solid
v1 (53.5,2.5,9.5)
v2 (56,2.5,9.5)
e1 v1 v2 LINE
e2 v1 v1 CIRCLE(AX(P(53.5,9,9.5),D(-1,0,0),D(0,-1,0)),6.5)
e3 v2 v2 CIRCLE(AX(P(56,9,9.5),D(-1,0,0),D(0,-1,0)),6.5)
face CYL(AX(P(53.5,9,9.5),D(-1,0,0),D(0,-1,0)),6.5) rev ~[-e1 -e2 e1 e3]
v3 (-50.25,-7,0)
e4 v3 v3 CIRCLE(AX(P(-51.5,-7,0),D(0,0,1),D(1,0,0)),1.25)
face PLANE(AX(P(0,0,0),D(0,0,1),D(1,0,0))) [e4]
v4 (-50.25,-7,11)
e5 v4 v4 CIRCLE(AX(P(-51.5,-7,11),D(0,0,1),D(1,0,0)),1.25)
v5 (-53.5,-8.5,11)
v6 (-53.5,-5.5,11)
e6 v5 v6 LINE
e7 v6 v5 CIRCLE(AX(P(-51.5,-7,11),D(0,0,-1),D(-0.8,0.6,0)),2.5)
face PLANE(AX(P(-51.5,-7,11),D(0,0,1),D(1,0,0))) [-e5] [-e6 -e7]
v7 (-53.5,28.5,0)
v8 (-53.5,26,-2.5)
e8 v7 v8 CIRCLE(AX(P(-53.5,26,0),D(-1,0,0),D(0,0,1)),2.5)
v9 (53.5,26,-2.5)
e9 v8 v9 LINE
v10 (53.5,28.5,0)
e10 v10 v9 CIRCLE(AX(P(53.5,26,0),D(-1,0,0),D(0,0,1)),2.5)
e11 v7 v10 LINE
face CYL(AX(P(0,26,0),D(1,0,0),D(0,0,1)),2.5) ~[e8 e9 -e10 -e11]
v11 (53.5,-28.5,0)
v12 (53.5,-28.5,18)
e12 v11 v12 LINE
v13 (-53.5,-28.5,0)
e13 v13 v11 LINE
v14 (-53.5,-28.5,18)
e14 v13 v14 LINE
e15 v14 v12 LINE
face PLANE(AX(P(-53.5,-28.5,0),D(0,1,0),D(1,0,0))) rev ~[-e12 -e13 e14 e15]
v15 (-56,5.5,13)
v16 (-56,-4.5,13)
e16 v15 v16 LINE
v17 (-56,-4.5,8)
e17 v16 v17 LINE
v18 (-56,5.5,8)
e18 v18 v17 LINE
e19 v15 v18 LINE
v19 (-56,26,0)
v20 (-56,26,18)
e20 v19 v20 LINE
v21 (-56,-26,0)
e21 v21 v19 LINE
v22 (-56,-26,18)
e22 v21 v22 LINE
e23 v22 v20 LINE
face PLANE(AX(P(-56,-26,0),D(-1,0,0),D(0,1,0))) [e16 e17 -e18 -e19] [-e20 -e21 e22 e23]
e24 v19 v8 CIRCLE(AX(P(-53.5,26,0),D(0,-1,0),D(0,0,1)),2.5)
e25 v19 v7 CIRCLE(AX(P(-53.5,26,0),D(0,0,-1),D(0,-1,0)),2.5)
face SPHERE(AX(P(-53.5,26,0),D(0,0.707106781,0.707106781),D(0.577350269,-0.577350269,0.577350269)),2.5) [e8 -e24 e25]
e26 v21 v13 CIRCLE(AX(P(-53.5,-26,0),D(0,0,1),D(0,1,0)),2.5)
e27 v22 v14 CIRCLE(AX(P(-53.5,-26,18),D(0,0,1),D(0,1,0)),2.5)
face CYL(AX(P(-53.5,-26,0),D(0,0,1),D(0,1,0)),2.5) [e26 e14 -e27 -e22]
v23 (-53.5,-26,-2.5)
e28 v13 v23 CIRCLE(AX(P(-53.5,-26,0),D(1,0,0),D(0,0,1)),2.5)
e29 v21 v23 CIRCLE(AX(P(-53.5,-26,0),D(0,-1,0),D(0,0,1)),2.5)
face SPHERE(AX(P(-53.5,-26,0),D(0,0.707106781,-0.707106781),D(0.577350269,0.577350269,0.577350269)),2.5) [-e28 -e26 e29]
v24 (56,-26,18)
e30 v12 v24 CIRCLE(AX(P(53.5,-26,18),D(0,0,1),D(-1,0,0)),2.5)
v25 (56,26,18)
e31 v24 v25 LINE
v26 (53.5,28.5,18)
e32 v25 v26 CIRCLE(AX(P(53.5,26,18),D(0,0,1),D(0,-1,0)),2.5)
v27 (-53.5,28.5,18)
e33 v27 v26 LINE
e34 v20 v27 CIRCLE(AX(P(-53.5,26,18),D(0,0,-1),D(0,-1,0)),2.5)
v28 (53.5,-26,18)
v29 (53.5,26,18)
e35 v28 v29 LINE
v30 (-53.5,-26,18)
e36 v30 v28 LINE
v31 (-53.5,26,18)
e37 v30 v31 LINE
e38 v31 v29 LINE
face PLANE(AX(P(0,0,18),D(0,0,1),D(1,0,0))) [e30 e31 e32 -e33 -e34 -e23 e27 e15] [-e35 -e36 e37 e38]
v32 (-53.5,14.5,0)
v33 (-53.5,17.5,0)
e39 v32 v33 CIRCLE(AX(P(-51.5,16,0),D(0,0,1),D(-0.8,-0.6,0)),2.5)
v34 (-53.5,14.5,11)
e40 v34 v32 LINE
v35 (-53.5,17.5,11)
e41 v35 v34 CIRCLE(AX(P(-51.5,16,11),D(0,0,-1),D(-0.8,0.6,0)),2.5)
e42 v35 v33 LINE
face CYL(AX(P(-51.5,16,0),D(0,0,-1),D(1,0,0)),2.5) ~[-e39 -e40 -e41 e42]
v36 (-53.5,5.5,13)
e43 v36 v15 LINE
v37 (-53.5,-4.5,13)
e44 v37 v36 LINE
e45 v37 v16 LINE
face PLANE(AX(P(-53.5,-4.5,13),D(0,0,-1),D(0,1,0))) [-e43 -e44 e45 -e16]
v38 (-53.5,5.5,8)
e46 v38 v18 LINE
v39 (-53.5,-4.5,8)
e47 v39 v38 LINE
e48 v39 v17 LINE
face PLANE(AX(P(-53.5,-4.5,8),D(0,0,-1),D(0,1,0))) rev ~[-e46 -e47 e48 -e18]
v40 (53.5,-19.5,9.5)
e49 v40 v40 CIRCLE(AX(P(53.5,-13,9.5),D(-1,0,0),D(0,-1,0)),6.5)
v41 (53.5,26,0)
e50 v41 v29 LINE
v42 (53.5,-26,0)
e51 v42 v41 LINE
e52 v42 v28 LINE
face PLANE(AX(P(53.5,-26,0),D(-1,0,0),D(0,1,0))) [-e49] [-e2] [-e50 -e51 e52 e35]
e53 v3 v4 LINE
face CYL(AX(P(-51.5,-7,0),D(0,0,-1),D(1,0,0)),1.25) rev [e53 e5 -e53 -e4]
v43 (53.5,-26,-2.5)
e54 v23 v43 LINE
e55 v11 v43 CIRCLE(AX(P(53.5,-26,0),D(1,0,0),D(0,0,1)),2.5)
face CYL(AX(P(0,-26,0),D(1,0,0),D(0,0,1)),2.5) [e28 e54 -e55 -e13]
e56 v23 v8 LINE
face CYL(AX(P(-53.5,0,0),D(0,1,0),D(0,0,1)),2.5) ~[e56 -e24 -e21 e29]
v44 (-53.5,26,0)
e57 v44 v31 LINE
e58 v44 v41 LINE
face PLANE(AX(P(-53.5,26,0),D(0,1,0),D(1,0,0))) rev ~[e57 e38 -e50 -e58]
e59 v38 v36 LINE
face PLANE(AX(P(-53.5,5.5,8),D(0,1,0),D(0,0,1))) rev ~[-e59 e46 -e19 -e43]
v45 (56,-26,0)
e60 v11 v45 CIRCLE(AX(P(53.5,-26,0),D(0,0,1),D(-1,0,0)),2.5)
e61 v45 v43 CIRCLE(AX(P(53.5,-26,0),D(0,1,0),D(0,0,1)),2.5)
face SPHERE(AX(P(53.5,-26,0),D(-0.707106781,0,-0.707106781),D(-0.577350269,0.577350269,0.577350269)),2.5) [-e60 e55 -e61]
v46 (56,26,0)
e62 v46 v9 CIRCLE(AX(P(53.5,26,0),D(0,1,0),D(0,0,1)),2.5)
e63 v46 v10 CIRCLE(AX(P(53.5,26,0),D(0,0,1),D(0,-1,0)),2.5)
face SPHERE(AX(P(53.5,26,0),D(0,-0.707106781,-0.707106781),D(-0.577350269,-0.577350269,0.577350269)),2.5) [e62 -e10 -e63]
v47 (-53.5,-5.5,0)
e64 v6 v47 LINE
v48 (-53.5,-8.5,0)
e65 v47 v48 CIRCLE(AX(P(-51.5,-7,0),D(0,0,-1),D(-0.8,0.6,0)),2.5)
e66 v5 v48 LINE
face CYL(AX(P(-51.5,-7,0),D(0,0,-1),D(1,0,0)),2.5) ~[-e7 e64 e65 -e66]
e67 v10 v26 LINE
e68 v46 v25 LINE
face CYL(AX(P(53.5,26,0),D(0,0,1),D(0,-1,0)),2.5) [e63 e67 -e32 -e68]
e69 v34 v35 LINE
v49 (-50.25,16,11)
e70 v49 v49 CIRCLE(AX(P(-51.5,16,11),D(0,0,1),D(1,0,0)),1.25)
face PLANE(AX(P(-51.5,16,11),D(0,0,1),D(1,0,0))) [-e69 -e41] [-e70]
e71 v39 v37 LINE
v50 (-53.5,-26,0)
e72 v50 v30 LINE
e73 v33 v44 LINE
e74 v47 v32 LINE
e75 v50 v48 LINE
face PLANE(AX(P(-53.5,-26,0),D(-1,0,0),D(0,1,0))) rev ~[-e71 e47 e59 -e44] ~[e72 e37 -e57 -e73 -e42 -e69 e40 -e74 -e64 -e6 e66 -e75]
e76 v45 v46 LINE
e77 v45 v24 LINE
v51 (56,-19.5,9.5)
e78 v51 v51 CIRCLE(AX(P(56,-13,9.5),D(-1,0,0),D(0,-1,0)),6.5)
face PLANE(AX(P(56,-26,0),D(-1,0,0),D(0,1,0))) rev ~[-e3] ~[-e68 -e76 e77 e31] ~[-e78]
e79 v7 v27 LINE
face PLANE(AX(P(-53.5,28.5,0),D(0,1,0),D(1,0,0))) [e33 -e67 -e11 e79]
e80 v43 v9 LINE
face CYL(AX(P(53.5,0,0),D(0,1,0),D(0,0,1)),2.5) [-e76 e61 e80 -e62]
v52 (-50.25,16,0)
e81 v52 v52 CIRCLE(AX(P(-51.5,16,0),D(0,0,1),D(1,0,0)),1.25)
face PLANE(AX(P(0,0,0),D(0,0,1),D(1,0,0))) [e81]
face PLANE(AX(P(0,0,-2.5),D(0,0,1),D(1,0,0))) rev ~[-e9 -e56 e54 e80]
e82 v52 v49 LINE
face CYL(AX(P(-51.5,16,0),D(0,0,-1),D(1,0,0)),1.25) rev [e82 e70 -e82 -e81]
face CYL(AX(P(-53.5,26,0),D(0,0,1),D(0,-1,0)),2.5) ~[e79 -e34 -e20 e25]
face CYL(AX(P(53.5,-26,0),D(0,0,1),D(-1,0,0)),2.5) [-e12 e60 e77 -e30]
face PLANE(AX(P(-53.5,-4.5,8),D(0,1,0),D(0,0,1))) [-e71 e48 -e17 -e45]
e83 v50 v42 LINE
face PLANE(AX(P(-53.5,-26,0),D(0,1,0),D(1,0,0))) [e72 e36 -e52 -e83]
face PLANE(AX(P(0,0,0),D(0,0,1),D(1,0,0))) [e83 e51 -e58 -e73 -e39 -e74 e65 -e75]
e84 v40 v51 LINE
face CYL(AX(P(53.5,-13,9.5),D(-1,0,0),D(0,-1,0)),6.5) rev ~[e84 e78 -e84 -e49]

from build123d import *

# Parameters (mm, degrees)
SKETCH_W        = 107
SKETCH_H        = 52
PAD_DEPTH       = 18
THICKNESS_T     = 2.5
SKETCH001_R     = 6.5
POCKET_DEPTH    = 5
SKETCH002_W     = 10
SKETCH002_H     = 5
POCKET001_DEPTH = 5
SKETCH003_R     = 2.5
SKETCH003_R_2   = 1.25
PAD001_DEPTH    = 11


with BuildPart() as part:
    # Sketch → Pad (new body)
    with BuildSketch(Plane.XY):
        Rectangle(SKETCH_W, SKETCH_H)
    extrude(amount=PAD_DEPTH)

    # Thickness
    thickness_openings = [part.faces().sort_by_distance(p)[0] for p in [
        (0, 0, 18),
    ]]
    offset(amount=THICKNESS_T, openings=thickness_openings)

    # Sketch001 (on DatumPlane) → Pocket (cut)
    with BuildSketch(Plane(origin=(53.5, 0, 0), x_dir=(0, -1, 0), z_dir=(-1, 0, 0))):
        with Locations((-9, 9.5)):
            Circle(SKETCH001_R)
        with Locations((13, 9.5)):
            Circle(SKETCH001_R)
    extrude(amount=-POCKET_DEPTH, mode=Mode.SUBTRACT)

    # Sketch002 (on DatumPlane) → Pocket001 (cut)
    with BuildSketch(Plane.YZ.offset(-53.5)):
        with Locations((0.5, 10.5)):
            Rectangle(SKETCH002_W, SKETCH002_H)
    extrude(amount=-POCKET001_DEPTH, mode=Mode.SUBTRACT)

    # Sketch003 (on DatumPlane) → Pad001 (join)
    with BuildSketch(Plane.XY):
        with Locations((-51.5, 16)):
            Circle(SKETCH003_R)
        with Locations((-51.5, 16)):
            Circle(SKETCH003_R_2, mode=Mode.SUBTRACT)
        with Locations((-51.5, -7)):
            Circle(SKETCH003_R)
        with Locations((-51.5, -7)):
            Circle(SKETCH003_R_2, mode=Mode.SUBTRACT)
    extrude(amount=PAD001_DEPTH)


solid = part.part
